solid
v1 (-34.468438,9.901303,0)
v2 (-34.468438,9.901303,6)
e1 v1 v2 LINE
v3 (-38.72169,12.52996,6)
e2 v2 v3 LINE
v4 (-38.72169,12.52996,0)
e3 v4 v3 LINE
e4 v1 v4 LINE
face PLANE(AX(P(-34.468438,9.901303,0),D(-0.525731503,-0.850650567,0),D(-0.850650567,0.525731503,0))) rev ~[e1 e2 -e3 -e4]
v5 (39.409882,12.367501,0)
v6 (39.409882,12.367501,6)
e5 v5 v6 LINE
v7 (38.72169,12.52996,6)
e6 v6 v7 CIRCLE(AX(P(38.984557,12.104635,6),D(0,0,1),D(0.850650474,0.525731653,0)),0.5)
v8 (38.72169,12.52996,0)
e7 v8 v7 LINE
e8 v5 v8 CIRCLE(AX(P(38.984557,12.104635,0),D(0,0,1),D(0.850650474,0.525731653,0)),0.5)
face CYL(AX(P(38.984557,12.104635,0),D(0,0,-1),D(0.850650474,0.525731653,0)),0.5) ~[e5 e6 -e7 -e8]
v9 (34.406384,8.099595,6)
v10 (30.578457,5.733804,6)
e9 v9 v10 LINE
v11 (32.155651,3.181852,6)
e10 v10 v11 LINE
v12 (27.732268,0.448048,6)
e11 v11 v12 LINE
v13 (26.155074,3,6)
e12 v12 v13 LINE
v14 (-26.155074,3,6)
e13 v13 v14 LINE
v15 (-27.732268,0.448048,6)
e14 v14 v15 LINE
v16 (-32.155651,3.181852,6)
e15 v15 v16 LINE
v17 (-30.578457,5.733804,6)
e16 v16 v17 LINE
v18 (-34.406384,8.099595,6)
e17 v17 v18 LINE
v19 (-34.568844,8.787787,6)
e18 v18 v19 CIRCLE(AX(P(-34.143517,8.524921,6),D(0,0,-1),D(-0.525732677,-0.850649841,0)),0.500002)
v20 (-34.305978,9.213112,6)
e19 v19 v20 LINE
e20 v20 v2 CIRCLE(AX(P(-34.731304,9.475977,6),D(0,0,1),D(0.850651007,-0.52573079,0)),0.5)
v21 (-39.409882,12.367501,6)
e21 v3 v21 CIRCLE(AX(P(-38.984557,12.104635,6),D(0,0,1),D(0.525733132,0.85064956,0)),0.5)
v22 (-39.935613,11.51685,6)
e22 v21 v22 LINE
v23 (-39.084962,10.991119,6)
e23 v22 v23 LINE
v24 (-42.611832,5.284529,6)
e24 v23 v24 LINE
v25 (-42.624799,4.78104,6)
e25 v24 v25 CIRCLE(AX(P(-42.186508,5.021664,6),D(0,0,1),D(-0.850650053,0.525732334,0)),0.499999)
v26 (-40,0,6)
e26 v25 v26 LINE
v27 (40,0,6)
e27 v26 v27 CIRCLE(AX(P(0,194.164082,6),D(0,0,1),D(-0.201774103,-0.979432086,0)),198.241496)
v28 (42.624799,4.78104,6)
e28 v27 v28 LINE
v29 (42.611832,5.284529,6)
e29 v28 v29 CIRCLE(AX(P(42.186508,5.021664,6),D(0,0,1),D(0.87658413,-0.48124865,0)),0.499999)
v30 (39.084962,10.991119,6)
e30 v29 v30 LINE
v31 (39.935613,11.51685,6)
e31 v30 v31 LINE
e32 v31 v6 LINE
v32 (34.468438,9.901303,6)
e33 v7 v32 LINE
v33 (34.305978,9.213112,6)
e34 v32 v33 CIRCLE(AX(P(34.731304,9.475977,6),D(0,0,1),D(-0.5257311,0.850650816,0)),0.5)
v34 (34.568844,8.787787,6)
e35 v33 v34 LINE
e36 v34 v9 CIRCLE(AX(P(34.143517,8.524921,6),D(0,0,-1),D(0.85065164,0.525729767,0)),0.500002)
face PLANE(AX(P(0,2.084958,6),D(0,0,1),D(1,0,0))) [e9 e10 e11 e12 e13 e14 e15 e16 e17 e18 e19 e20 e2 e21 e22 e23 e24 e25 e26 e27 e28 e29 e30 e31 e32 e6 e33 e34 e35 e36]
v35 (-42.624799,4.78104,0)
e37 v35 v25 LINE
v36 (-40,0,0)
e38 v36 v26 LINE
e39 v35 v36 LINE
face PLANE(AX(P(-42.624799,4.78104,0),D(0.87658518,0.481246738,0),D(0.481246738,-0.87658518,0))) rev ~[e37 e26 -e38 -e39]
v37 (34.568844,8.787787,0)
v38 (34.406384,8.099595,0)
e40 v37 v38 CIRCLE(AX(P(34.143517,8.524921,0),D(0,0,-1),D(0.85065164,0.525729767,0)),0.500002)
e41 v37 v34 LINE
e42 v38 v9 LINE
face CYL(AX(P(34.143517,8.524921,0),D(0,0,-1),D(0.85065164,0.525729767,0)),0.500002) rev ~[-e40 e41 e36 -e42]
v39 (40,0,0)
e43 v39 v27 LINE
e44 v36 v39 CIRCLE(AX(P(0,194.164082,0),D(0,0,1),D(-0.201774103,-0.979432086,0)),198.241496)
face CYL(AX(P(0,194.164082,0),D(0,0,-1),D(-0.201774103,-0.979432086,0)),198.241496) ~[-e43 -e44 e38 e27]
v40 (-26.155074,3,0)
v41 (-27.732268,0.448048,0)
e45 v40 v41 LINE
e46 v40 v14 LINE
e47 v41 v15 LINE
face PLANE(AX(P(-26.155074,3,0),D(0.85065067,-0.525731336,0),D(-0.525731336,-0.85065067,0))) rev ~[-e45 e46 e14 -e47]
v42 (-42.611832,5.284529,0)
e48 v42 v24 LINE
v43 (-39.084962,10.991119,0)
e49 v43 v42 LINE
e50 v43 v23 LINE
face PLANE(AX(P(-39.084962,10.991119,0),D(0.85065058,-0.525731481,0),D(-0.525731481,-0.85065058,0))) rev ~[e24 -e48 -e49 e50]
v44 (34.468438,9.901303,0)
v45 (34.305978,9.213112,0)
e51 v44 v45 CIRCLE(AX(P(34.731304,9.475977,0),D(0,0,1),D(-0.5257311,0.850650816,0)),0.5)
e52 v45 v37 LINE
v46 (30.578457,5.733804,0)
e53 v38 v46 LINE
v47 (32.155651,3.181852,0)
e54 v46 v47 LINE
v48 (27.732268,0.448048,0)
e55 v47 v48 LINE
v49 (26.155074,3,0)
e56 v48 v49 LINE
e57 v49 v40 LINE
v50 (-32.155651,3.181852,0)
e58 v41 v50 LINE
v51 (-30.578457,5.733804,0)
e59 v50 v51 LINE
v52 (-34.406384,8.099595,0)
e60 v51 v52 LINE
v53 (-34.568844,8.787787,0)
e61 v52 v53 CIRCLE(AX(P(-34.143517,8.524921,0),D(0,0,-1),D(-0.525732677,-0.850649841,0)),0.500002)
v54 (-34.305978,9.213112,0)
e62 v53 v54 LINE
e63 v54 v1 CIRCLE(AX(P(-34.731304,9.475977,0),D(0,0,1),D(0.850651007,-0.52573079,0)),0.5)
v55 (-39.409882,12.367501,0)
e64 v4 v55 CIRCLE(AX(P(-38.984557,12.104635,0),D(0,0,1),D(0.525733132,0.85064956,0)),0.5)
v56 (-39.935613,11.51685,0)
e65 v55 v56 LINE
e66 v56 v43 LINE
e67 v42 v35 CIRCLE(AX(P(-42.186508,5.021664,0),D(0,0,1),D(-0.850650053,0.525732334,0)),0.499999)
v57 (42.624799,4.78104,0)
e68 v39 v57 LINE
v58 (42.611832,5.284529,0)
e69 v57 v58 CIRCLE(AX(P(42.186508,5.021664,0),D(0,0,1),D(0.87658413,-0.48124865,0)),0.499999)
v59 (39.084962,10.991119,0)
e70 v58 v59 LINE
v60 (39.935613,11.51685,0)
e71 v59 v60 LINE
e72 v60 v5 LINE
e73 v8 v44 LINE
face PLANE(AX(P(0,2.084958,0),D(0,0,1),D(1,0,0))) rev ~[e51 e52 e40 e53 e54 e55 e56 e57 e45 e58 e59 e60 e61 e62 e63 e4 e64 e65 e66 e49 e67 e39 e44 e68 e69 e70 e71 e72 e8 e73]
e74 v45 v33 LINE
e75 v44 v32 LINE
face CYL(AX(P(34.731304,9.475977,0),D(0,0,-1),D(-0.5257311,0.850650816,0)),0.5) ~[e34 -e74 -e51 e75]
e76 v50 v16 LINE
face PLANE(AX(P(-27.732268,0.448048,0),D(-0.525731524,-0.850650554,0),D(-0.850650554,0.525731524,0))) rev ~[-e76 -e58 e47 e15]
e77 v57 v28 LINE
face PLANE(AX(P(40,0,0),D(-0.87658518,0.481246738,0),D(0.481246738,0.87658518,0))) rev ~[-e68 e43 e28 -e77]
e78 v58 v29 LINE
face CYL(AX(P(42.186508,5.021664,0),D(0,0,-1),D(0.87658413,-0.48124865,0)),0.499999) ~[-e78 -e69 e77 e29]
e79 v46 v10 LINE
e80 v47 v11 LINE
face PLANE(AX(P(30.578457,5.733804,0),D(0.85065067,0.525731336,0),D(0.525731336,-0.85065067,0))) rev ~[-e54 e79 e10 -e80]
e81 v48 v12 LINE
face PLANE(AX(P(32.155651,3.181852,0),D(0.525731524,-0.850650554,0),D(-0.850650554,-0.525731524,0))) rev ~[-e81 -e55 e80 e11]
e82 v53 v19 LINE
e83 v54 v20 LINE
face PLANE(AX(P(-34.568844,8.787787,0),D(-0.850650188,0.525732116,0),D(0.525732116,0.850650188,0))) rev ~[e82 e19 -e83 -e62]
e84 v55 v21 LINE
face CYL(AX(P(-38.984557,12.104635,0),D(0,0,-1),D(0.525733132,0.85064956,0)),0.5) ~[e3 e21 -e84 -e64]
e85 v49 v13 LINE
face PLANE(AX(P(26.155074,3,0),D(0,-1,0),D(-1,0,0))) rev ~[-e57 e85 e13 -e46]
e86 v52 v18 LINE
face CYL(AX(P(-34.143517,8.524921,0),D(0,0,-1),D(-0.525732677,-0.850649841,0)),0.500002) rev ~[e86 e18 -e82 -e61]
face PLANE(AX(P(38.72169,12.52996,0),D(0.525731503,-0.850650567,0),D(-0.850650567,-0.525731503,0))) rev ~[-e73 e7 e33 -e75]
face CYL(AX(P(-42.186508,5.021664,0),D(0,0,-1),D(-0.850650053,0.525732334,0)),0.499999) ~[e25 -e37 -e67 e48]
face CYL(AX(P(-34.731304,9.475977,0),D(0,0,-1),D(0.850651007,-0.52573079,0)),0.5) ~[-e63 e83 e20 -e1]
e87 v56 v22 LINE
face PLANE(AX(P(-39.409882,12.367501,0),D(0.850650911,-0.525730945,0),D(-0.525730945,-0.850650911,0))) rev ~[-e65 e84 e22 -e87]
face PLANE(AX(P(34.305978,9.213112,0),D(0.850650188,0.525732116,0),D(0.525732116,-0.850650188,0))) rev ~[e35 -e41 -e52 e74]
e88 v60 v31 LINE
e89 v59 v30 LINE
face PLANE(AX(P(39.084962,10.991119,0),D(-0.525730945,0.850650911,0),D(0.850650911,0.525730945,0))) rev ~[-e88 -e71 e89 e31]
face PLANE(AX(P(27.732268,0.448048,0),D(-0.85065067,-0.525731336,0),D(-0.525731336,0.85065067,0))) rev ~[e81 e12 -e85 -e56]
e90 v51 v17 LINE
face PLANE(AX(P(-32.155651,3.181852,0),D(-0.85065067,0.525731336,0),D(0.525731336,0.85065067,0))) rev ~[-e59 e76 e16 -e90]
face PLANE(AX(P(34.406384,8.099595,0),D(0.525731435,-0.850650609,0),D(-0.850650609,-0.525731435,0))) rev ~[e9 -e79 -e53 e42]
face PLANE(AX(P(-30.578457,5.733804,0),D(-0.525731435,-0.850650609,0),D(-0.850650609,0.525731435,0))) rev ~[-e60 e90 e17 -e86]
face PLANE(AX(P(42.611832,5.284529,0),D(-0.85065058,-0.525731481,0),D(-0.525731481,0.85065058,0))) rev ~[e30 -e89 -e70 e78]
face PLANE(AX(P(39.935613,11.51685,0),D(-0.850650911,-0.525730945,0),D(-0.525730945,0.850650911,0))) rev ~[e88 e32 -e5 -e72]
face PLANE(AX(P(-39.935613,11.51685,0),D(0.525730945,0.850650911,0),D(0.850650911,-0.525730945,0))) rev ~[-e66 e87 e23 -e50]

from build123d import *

# Parameters (mm, degrees)
F1_DEPTH = 6


with BuildPart() as f1:
    # F0 (on Top) → F1 (new body)
    with BuildSketch(Plane.XY):
        with BuildLine():
            Line((-30.578457, 5.733804), (-34.406384, 8.099595))
            ThreePointArc((-34.406384, 8.099595), (-34.630143, 8.410045), (-34.568844, 8.787787))
            Line((-34.568844, 8.787787), (-34.305978, 9.213112))
            ThreePointArc((-34.305978, 9.213112), (-34.244679, 9.590854), (-34.468438, 9.901303))
            Line((-34.468438, 9.901303), (-38.72169, 12.52996))
            ThreePointArc((-38.72169, 12.52996), (-39.099432, 12.59126), (-39.409882, 12.367501))
            Line((-39.409882, 12.367501), (-39.935613, 11.51685))
            Line((-39.935613, 11.51685), (-39.084962, 10.991119))
            Line((-39.084962, 10.991119), (-42.611832, 5.284529))
            ThreePointArc((-42.611832, 5.284529), (-42.686341, 5.034537), (-42.624799, 4.78104))
            Line((-42.624799, 4.78104), (-40, 0))
            ThreePointArc((-40, 0), (0, -4.077414), (40, 0))
            Line((40, 0), (42.624799, 4.78104))
            ThreePointArc((42.624799, 4.78104), (42.686341, 5.034537), (42.611832, 5.284529))
            Line((42.611832, 5.284529), (39.084962, 10.991119))
            Line((39.084962, 10.991119), (39.935613, 11.51685))
            Line((39.935613, 11.51685), (39.409882, 12.367501))
            ThreePointArc((39.409882, 12.367501), (39.099432, 12.59126), (38.72169, 12.52996))
            Line((38.72169, 12.52996), (34.468438, 9.901303))
            ThreePointArc((34.468438, 9.901303), (34.244679, 9.590854), (34.305978, 9.213112))
            Line((34.305978, 9.213112), (34.568844, 8.787787))
            ThreePointArc((34.568844, 8.787787), (34.630143, 8.410045), (34.406384, 8.099595))
            Line((34.406384, 8.099595), (30.578457, 5.733804))
            Line((30.578457, 5.733804), (32.155651, 3.181852))
            Line((32.155651, 3.181852), (27.732268, 0.448048))
            Line((27.732268, 0.448048), (26.155074, 3))
            Line((26.155074, 3), (0, 3))
            Line((0, 3), (-26.155074, 3))
            Line((-26.155074, 3), (-27.732268, 0.448048))
            Line((-27.732268, 0.448048), (-32.155651, 3.181852))
            Line((-32.155651, 3.181852), (-30.578457, 5.733804))
        make_face()
    extrude(amount=F1_DEPTH)


solid = f1.part
